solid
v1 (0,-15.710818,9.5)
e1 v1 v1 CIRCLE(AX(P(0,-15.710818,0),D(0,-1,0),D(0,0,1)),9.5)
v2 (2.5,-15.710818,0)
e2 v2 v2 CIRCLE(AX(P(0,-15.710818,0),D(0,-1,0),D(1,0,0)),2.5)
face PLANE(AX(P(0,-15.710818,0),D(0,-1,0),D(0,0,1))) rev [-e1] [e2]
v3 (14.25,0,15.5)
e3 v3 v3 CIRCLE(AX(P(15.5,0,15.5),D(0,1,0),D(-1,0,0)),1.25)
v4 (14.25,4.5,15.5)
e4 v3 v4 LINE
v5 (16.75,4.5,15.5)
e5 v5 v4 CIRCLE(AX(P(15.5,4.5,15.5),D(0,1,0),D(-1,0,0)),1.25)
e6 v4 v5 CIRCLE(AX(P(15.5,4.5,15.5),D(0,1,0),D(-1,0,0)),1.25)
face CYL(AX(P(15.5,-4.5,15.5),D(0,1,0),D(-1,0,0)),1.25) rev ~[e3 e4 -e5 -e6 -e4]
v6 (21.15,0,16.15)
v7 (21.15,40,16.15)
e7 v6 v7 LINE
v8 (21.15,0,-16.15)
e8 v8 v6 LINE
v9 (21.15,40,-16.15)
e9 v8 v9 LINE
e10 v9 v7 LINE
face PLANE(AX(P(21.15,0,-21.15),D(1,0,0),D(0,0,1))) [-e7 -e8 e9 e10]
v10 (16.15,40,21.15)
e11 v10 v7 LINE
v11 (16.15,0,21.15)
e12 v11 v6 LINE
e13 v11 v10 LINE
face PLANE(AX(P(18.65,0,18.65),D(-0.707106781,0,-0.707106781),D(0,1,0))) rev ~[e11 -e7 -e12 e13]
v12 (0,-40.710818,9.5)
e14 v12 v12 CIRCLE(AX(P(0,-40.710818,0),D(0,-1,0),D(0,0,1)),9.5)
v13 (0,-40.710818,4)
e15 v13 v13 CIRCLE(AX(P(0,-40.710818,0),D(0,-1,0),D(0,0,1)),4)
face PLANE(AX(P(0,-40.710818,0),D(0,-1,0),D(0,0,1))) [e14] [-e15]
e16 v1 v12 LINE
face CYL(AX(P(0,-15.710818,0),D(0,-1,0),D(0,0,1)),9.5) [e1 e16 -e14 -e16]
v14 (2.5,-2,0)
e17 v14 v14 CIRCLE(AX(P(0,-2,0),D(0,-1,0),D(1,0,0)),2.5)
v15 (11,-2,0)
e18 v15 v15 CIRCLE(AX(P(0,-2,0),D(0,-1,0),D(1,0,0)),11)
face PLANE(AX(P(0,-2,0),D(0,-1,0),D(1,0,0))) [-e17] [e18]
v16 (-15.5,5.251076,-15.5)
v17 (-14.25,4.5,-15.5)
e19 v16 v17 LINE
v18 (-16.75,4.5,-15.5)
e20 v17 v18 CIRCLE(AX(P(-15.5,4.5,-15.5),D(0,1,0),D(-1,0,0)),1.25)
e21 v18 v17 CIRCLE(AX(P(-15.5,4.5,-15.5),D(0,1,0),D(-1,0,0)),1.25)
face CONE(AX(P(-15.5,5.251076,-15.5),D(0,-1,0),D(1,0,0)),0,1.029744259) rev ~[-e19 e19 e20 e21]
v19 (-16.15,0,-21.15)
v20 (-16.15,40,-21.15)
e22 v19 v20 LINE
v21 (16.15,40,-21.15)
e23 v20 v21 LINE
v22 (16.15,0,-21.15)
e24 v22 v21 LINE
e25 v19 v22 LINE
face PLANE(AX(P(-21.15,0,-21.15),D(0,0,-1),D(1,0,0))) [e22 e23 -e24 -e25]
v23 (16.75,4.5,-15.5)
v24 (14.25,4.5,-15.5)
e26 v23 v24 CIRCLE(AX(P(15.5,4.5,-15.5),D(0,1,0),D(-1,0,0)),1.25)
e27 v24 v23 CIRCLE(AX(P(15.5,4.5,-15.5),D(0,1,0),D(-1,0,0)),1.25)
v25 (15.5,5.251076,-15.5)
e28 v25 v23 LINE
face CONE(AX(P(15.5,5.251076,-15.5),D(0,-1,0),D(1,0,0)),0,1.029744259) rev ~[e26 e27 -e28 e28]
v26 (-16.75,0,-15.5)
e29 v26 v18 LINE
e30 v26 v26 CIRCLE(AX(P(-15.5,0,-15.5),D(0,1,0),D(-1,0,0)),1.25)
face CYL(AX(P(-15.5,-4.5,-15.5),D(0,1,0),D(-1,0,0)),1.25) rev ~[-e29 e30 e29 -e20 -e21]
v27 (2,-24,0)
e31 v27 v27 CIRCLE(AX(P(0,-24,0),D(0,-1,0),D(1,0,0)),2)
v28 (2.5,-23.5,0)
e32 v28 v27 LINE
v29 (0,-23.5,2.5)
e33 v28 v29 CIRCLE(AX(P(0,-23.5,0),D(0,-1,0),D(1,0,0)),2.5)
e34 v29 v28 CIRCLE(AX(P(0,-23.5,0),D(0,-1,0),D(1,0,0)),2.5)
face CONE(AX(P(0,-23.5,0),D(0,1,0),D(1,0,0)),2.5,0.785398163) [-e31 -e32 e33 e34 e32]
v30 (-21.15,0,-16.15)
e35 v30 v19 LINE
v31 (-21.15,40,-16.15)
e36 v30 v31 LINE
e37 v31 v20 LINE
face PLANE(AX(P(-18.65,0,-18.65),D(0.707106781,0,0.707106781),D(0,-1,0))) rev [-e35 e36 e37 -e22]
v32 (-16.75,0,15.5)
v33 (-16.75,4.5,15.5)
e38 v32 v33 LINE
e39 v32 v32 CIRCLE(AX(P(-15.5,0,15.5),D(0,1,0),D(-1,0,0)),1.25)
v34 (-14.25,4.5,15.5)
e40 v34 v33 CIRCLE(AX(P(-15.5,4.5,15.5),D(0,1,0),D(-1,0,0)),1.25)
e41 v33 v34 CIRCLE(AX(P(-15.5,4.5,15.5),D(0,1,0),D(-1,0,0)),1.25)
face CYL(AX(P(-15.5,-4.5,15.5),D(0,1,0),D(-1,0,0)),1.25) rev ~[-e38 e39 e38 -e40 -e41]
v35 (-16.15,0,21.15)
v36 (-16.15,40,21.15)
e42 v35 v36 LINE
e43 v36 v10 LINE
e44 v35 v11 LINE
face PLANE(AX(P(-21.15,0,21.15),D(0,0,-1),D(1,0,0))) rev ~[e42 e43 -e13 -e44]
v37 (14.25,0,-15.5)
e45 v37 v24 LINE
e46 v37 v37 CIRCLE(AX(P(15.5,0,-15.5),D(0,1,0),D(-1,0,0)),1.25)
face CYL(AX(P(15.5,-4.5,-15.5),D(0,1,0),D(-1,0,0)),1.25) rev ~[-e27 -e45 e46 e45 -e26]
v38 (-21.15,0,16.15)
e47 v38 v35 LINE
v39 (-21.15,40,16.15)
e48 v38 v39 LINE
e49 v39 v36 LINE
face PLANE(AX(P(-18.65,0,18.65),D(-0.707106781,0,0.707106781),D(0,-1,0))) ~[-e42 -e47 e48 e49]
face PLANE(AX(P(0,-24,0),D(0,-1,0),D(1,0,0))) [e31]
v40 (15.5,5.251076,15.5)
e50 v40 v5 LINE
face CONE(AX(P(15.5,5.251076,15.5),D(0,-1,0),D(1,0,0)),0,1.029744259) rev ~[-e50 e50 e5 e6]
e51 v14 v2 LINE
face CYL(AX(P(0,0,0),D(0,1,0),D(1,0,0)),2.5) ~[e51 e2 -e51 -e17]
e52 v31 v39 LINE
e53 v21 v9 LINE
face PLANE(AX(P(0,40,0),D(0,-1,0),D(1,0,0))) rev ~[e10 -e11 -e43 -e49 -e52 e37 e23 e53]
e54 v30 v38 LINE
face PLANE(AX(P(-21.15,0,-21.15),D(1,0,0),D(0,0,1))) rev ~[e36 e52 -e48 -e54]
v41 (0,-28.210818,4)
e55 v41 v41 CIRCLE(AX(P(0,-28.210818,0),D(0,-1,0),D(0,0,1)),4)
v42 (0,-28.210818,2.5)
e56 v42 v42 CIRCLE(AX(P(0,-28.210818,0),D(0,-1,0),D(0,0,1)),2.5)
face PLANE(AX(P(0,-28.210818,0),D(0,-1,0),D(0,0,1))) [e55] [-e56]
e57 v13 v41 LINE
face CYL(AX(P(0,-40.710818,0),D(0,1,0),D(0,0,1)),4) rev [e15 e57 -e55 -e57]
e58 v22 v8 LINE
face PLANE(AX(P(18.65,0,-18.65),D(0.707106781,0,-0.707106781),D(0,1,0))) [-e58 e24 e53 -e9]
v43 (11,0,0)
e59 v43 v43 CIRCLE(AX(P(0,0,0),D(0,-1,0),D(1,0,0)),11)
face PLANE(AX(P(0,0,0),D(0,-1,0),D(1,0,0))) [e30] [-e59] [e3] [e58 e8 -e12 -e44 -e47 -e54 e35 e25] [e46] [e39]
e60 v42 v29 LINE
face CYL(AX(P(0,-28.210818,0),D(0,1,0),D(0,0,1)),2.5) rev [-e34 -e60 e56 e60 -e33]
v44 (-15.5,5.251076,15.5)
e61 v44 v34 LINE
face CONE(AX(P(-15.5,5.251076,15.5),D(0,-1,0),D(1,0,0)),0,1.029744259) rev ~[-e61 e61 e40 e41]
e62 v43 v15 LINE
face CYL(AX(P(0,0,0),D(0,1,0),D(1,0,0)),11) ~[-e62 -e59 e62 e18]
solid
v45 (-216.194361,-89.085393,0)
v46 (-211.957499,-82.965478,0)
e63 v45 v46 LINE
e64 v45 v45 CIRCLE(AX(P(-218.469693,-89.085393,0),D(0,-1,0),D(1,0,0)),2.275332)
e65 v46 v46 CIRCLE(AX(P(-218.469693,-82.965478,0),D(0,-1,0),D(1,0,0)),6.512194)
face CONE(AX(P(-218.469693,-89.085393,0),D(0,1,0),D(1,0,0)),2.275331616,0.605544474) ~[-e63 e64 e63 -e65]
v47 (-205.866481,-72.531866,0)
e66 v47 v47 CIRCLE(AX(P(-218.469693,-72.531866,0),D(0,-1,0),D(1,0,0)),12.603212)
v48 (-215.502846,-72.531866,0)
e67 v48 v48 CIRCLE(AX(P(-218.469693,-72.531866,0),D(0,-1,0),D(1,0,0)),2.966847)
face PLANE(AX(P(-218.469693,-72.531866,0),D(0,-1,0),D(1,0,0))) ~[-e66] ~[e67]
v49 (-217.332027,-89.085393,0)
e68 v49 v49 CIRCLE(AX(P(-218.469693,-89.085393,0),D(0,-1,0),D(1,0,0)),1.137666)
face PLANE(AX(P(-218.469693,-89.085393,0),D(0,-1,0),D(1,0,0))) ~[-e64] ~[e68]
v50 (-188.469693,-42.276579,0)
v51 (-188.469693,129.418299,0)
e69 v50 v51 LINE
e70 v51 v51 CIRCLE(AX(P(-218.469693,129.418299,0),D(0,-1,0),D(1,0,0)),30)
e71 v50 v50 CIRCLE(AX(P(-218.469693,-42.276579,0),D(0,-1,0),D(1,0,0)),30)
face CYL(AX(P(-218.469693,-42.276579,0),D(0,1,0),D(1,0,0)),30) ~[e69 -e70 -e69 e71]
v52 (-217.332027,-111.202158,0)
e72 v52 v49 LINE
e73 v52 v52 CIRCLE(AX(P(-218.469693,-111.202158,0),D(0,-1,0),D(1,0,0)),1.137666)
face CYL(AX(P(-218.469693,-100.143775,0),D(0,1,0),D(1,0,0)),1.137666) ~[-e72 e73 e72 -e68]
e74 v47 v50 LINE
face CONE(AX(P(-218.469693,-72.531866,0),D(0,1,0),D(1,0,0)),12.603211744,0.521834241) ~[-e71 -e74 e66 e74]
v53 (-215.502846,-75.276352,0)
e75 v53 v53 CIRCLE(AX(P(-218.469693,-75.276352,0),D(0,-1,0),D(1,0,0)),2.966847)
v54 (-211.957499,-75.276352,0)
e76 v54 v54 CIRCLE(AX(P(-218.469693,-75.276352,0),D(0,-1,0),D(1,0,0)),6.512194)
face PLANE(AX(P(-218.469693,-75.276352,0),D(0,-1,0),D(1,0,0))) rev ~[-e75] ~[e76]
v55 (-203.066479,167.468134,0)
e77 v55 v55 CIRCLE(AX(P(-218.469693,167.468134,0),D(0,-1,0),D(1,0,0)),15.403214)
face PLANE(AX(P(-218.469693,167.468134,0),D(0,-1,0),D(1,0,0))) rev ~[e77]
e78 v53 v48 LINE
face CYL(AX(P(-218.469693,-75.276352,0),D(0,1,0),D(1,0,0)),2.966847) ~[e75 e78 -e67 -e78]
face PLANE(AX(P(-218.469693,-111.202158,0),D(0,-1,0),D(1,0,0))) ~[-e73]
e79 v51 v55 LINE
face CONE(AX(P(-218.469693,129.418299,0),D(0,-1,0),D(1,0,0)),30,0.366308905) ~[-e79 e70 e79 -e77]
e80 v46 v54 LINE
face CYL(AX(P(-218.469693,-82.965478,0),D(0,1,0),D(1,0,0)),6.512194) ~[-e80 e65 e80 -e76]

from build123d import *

# Parameters (mm, degrees)
F0_W     = 42.3
F0_H     = 42.3
F0_R     = 11
F0_R_2   = 2.5
F1_DEPTH = 40
F2_DEPTH = 2
F3_DEPTH = 24
F4_SIZE  = 5
F5_D     = 2.5
F5_DEPTH = 4.5
F5_TIP   = 0.7510757738
F6_SIZE  = 0.5
F9_W     = 1.1376658082
F9_H     = 22.1167653799


with BuildPart() as f1:
    # F0 (on Front) → F1 (new body)
    with BuildSketch(Plane.XZ):
        Rectangle(F0_W, F0_H)
        Circle(F0_R, mode=Mode.SUBTRACT)
        Circle(F0_R)
        Circle(F0_R_2, mode=Mode.SUBTRACT)
        Circle(F0_R_2)
    extrude(amount=-F1_DEPTH)

    # F0 (on Front) → F2 (join)
    with BuildSketch(Plane.XZ):
        Circle(F0_R)
        Circle(F0_R_2, mode=Mode.SUBTRACT)
    extrude(amount=F2_DEPTH)

    # F0 (on Front) → F3 (join)
    with BuildSketch(Plane.XZ):
        Circle(F0_R_2)
    extrude(amount=F3_DEPTH)

    # F4
    f4_edges = [f1.edges().sort_by_distance(p)[0] for p in [
        (21.15, 20, 21.15),
        (-21.15, 20, 21.15),
        (21.15, 20, -21.15),
        (-21.15, 20, -21.15),
    ]]
    chamfer(f4_edges, length=F4_SIZE)

    # F5
    with Locations(Plane.XZ):
        with Locations((-15.5, 15.5), (15.5, 15.5), (15.5, -15.5), (-15.5, -15.5)):
            Hole(F5_D / 2, depth=F5_DEPTH)
            with Locations((0, 0, -(F5_DEPTH + F5_TIP / 2))):  # 118° drill point
                Cone(0, F5_D / 2, F5_TIP, mode=Mode.SUBTRACT)

    # F6
    f6_edges = [f1.edges().sort_by_distance(p)[0] for p in [
        (-2.5, -24, 0),
    ]]
    chamfer(f6_edges, length=F6_SIZE)

    # F7 (on Right) → F8 (revolve)
    with BuildSketch(Plane.YZ):
        Polygon((-40.7108180225, 9.5), (-40.7108180225, 4), (-28.2108180225, 4), (-28.2108180225, 2.5), (-15.7108180225, 2.5), (-15.7108180225, 9.5), align=None)
    revolve(axis=Axis((0, -12.2175939753, 0), (0, -1, 0)))


with BuildPart() as f10:
    # F9 (on Top) → F10 (revolve)
    with BuildSketch(Plane.XY):
        Polygon((-203.0664789146, 167.4681340763), (-218.4696930647, 167.4681340763), (-218.4696930647, -89.0853926539), (-217.3320272565, -89.0853926539), (-216.1943614483, -89.0853926539), (-211.9574993849, -82.965478301), (-211.9574993849, -75.2763524652), (-215.5028455897, -75.2763524652), (-215.5028455897, -72.5318659237), (-205.8664813202, -72.5318659237), (-188.4696930647, -42.2765792686), (-188.4696930647, 129.4182986021), align=None)
        with Locations((-217.9008601606, -100.1437753439)):
            Rectangle(F9_W, F9_H)
    revolve(axis=Axis((-218.4696930647, -2.1318495274, 0), (0, -1, 0)))


solid = Compound([f1.part, f10.part])
